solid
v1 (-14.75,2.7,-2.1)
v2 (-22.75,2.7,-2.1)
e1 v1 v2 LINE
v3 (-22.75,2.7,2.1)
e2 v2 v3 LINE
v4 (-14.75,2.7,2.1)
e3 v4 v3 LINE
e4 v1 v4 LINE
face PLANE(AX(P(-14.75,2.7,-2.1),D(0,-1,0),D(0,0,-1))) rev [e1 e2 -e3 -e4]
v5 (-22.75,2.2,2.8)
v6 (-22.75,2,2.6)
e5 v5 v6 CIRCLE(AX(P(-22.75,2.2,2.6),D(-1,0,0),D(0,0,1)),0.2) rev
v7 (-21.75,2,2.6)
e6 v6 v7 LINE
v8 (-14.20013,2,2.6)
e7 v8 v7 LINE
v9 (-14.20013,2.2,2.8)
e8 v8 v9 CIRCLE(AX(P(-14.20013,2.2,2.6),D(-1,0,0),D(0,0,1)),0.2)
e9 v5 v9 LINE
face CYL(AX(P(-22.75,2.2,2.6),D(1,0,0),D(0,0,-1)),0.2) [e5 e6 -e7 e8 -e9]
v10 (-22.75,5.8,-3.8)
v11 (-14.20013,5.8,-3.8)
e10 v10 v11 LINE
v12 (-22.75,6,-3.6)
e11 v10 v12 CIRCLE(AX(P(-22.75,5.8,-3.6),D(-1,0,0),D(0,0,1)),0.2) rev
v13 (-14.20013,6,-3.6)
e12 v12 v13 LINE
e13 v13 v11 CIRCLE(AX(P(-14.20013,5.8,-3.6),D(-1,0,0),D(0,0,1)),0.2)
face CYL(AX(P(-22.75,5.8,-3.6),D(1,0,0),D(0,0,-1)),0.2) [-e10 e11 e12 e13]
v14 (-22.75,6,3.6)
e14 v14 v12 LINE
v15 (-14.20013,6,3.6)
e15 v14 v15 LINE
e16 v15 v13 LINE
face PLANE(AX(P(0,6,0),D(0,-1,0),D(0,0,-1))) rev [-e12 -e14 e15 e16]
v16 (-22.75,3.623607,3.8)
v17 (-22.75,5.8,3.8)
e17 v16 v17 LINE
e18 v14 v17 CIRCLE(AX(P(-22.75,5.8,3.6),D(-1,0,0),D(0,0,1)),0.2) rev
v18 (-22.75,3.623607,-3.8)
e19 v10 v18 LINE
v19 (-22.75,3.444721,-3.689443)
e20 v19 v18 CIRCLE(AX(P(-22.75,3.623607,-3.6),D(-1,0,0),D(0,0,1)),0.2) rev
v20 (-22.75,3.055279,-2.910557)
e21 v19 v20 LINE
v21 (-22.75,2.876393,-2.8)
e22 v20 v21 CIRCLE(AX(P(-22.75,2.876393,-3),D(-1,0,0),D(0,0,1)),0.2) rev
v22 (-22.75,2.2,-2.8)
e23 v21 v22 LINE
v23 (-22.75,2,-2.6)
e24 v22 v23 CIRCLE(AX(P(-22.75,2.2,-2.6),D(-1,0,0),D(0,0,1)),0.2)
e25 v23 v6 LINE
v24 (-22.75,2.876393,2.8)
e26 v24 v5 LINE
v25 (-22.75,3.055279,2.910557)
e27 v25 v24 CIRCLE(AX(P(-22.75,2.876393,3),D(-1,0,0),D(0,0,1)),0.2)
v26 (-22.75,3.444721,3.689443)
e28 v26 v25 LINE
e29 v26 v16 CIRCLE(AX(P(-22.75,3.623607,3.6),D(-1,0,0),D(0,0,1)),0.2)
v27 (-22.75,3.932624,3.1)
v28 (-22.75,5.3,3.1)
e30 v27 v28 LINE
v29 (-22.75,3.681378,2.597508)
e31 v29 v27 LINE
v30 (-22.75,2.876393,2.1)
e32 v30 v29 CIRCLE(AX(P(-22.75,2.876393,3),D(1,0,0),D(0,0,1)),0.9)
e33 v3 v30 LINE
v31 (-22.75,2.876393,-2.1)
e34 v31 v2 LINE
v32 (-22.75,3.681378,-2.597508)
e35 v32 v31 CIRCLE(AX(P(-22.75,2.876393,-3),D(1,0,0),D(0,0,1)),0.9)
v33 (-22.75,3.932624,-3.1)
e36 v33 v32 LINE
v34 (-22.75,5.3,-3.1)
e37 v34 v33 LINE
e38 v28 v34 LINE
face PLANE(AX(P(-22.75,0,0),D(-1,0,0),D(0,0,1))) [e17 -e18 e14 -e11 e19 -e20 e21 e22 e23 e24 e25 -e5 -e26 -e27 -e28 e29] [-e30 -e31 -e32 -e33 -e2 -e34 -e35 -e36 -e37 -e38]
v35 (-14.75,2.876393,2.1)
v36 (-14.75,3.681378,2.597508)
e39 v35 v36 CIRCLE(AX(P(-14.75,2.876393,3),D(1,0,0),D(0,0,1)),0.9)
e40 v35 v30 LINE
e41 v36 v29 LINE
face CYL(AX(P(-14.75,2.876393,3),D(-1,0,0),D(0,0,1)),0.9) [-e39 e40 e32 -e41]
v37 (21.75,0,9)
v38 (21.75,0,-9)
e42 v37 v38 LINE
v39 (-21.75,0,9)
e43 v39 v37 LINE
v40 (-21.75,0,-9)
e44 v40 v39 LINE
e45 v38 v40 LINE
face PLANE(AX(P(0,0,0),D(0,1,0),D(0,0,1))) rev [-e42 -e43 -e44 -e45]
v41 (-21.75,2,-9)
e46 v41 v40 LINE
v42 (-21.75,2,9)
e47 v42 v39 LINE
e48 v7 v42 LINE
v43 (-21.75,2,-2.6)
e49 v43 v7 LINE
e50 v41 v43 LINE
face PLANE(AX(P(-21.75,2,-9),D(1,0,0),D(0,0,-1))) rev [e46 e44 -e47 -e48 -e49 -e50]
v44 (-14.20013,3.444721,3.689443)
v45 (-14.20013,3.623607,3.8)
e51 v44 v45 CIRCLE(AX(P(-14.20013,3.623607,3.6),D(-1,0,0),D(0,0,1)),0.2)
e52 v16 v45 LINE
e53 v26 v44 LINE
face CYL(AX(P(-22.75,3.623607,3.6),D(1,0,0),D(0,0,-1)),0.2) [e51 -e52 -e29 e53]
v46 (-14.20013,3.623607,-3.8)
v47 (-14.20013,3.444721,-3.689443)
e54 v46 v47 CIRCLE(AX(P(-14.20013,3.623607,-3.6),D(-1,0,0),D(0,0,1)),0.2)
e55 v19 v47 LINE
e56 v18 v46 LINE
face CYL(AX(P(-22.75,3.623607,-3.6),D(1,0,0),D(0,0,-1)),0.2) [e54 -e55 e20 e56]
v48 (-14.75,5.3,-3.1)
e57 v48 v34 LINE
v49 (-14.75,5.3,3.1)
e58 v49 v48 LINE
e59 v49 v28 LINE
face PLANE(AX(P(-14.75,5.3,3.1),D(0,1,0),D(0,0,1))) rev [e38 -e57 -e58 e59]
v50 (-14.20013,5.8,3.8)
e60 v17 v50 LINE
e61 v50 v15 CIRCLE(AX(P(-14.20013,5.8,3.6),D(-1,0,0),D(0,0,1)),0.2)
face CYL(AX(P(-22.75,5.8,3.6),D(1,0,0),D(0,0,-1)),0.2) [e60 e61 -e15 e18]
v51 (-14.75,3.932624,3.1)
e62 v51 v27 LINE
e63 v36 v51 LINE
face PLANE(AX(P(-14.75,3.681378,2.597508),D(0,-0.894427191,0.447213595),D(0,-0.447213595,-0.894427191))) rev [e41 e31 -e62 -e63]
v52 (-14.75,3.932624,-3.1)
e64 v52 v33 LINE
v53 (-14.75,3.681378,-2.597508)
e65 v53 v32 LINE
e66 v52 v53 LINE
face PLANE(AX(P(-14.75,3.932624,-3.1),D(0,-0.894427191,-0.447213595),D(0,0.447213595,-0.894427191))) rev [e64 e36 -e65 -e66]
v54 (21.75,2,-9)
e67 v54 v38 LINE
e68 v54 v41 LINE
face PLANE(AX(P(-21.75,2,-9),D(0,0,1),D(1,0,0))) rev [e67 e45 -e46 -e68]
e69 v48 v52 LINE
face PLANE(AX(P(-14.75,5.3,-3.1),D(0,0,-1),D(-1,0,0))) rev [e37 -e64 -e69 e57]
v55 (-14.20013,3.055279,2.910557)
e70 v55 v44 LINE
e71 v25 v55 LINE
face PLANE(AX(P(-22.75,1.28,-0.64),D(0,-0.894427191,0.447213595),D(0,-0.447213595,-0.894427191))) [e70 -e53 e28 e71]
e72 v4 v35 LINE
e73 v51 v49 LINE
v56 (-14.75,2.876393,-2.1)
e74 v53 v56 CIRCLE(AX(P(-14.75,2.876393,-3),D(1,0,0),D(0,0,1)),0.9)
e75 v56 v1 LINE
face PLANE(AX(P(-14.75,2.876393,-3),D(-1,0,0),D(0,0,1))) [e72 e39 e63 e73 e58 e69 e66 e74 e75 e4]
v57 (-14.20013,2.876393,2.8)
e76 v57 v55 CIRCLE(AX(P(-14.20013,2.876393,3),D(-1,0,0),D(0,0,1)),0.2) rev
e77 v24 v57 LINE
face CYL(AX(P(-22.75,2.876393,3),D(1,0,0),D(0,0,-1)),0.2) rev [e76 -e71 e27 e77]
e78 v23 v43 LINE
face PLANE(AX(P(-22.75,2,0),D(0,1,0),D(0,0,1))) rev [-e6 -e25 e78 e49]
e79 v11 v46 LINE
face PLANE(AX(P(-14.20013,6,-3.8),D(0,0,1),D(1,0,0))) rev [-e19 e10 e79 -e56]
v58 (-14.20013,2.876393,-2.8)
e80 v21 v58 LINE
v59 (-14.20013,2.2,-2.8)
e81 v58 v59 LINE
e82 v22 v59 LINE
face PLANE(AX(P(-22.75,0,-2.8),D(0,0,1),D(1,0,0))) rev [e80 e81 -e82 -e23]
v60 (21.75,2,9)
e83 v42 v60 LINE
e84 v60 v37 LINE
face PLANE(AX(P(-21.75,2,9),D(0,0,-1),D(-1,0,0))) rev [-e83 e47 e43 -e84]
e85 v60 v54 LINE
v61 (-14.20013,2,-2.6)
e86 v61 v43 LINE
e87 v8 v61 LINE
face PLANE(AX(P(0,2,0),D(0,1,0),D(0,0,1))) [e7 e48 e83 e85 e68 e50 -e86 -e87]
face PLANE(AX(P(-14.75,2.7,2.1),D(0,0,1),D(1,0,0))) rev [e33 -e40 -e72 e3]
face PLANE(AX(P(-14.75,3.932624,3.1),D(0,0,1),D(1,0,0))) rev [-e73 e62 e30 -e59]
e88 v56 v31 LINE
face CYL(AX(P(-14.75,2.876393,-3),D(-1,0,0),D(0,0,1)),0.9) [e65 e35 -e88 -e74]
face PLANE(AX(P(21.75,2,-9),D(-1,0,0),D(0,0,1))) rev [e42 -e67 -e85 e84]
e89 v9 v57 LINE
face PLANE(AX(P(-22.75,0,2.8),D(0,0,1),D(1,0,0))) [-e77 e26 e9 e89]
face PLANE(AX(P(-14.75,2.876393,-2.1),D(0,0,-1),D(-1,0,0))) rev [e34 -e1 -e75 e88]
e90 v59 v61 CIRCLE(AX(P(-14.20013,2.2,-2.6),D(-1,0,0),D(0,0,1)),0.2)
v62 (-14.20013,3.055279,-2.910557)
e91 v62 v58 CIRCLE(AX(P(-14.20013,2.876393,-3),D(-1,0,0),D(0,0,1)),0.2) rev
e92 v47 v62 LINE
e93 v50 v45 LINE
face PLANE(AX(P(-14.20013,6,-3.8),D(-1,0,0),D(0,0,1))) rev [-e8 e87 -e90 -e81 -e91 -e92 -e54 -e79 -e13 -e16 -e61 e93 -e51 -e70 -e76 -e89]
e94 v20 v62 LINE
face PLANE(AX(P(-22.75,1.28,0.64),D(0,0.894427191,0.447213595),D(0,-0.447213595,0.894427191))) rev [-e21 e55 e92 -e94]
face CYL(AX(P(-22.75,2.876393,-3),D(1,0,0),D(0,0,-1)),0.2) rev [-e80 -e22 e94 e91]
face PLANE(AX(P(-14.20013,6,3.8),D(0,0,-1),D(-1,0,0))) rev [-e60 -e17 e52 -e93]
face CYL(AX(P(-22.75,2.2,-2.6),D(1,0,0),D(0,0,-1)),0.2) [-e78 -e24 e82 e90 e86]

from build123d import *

# Parameters (mm, degrees)
SKETCH1_W           = 43.5
SKETCH1_H           = 18
BOSS_EXTRUDE1_DEPTH = 2
SKETCH2_W           = 7.549869754
SKETCH2_H           = 7.6
BOSS_EXTRUDE2_DEPTH = 4
BOSS_EXTRUDE3_DEPTH = 1
CUT_EXTRUDE1_DEPTH  = 15
CUT_EXTRUDE2_DEPTH  = 8


with BuildPart() as part:
    # Sketch1 → Boss-Extrude1 (new body)
    with BuildSketch(Plane(origin=(0, 0, 0), x_dir=(1, 0, 0), z_dir=(0, 1, 0))):
        Rectangle(SKETCH1_W, SKETCH1_H)
    extrude(amount=BOSS_EXTRUDE1_DEPTH)

    # Sketch2 → Boss-Extrude2 (add)
    with BuildSketch(Plane(origin=(0, 2, 0), x_dir=(1, 0, 0), z_dir=(0, 1, 0))):
        with Locations((-17.975065123, 0)):
            Rectangle(SKETCH2_W, SKETCH2_H)
    extrude(amount=BOSS_EXTRUDE2_DEPTH)

    # Sketch3 → Boss-Extrude3 (add)
    with BuildSketch(Plane.ZY.offset(21.75)):
        with BuildLine():
            ThreePointArc((-3.8, 3.623606798), (-3.770130162, 3.518460575), (-3.689442719, 3.44472136))
            Line((-3.689442719, 3.44472136), (-2.910557281, 3.05527864))
            ThreePointArc((-2.910557281, 3.05527864), (-2.829869838, 2.981539425), (-2.8, 2.876393202))
            Line((-2.8, 2.876393202), (-2.8, 2.2))
            ThreePointArc((-2.8, 2.2), (-2.741421356, 2.058578644), (-2.6, 2))
            Line((-2.6, 2), (2.6, 2))
            ThreePointArc((2.6, 2), (2.741421356, 2.058578644), (2.8, 2.2))
            Line((2.8, 2.2), (2.8, 2.876393202))
            ThreePointArc((2.8, 2.876393202), (2.829869838, 2.981539425), (2.910557281, 3.05527864))
            Line((2.910557281, 3.05527864), (3.689442719, 3.44472136))
            ThreePointArc((3.689442719, 3.44472136), (3.770130162, 3.518460575), (3.8, 3.623606798))
            Line((3.8, 3.623606798), (3.8, 5.8))
            ThreePointArc((3.8, 5.8), (3.741421356, 5.941421356), (3.6, 6))
            Line((3.6, 6), (-3.6, 6))
            ThreePointArc((-3.6, 6), (-3.741421356, 5.941421356), (-3.8, 5.8))
            Line((-3.8, 5.8), (-3.8, 3.623606798))
        make_face()
    extrude(amount=BOSS_EXTRUDE3_DEPTH)

    # Sketch6 → Cut-Extrude1 (cut)
    with BuildSketch(Plane.ZY.offset(22.75)):
        with BuildLine():
            Line((-2.910557281, 3.05527864), (-3.689442719, 3.44472136))
            ThreePointArc((-3.689442719, 3.44472136), (-3.770130162, 3.518460575), (-3.8, 3.623606798))
            Line((-3.8, 3.623606798), (-3.8, 2))
            Line((-3.8, 2), (-2.6, 2))
            ThreePointArc((-2.6, 2), (-2.741421356, 2.058578644), (-2.8, 2.2))
            Line((-2.8, 2.2), (-2.8, 2.876393202))
            ThreePointArc((-2.8, 2.876393202), (-3.170130162, 2.77124698), (-2.910557281, 3.05527864))
        make_face()
        with BuildLine():
            Line((-3.8, 6), (-3.8, 5.8))
            ThreePointArc((-3.8, 5.8), (-3.741421356, 5.941421356), (-3.6, 6))
            Line((-3.6, 6), (-3.8, 6))
        make_face()
        with BuildLine():
            ThreePointArc((-2.8, 2.876393202), (-2.829869838, 2.981539425), (-2.910557281, 3.05527864))
            ThreePointArc((-2.910557281, 3.05527864), (-3.170130162, 2.77124698), (-2.8, 2.876393202))
        make_face()
        with BuildLine():
            ThreePointArc((2.910557281, 3.05527864), (2.829869838, 2.981539425), (2.8, 2.876393202))
            ThreePointArc((2.8, 2.876393202), (3, 2.676393202), (3.2, 2.876393202))
            ThreePointArc((3.2, 2.876393202), (3.105146222, 3.046523364), (2.910557281, 3.05527864))
        make_face()
        with BuildLine():
            ThreePointArc((2.8, 2.2), (2.741421356, 2.058578644), (2.6, 2))
            Line((2.6, 2), (3.8, 2))
            Line((3.8, 2), (3.8, 3.623606798))
            ThreePointArc((3.8, 3.623606798), (3.770130162, 3.518460575), (3.689442719, 3.44472136))
            Line((3.689442719, 3.44472136), (2.910557281, 3.05527864))
            ThreePointArc((2.910557281, 3.05527864), (3.105146222, 3.046523364), (3.2, 2.876393202))
            ThreePointArc((3.2, 2.876393202), (3, 2.676393202), (2.8, 2.876393202))
            Line((2.8, 2.876393202), (2.8, 2.2))
        make_face()
        with BuildLine():
            Line((3.8, 6), (3.6, 6))
            ThreePointArc((3.6, 6), (3.741421356, 5.941421356), (3.8, 5.8))
            Line((3.8, 5.8), (3.8, 6))
        make_face()
    extrude(amount=-CUT_EXTRUDE1_DEPTH, mode=Mode.SUBTRACT)

    # Sketch7 → Cut-Extrude2 (cut)
    with BuildSketch(Plane.ZY.offset(22.75)):
        with BuildLine():
            Line((3.1, 5.3), (-3.1, 5.3))
            Line((-3.1, 5.3), (-3.1, 3.932623792))
            Line((-3.1, 3.932623792), (-2.597507764, 3.681377674))
            ThreePointArc((-2.597507764, 3.681377674), (-2.234414272, 3.349551203), (-2.1, 2.876393202))
            Line((-2.1, 2.876393202), (-2.1, 2.7))
            Line((-2.1, 2.7), (2.1, 2.7))
            Line((2.1, 2.7), (2.1, 2.876393202))
            ThreePointArc((2.1, 2.876393202), (2.234414272, 3.349551203), (2.597507764, 3.681377674))
            Line((2.597507764, 3.681377674), (3.1, 3.932623792))
            Line((3.1, 3.932623792), (3.1, 5.3))
        make_face()
    extrude(amount=-CUT_EXTRUDE2_DEPTH, mode=Mode.SUBTRACT)


solid = part.part
